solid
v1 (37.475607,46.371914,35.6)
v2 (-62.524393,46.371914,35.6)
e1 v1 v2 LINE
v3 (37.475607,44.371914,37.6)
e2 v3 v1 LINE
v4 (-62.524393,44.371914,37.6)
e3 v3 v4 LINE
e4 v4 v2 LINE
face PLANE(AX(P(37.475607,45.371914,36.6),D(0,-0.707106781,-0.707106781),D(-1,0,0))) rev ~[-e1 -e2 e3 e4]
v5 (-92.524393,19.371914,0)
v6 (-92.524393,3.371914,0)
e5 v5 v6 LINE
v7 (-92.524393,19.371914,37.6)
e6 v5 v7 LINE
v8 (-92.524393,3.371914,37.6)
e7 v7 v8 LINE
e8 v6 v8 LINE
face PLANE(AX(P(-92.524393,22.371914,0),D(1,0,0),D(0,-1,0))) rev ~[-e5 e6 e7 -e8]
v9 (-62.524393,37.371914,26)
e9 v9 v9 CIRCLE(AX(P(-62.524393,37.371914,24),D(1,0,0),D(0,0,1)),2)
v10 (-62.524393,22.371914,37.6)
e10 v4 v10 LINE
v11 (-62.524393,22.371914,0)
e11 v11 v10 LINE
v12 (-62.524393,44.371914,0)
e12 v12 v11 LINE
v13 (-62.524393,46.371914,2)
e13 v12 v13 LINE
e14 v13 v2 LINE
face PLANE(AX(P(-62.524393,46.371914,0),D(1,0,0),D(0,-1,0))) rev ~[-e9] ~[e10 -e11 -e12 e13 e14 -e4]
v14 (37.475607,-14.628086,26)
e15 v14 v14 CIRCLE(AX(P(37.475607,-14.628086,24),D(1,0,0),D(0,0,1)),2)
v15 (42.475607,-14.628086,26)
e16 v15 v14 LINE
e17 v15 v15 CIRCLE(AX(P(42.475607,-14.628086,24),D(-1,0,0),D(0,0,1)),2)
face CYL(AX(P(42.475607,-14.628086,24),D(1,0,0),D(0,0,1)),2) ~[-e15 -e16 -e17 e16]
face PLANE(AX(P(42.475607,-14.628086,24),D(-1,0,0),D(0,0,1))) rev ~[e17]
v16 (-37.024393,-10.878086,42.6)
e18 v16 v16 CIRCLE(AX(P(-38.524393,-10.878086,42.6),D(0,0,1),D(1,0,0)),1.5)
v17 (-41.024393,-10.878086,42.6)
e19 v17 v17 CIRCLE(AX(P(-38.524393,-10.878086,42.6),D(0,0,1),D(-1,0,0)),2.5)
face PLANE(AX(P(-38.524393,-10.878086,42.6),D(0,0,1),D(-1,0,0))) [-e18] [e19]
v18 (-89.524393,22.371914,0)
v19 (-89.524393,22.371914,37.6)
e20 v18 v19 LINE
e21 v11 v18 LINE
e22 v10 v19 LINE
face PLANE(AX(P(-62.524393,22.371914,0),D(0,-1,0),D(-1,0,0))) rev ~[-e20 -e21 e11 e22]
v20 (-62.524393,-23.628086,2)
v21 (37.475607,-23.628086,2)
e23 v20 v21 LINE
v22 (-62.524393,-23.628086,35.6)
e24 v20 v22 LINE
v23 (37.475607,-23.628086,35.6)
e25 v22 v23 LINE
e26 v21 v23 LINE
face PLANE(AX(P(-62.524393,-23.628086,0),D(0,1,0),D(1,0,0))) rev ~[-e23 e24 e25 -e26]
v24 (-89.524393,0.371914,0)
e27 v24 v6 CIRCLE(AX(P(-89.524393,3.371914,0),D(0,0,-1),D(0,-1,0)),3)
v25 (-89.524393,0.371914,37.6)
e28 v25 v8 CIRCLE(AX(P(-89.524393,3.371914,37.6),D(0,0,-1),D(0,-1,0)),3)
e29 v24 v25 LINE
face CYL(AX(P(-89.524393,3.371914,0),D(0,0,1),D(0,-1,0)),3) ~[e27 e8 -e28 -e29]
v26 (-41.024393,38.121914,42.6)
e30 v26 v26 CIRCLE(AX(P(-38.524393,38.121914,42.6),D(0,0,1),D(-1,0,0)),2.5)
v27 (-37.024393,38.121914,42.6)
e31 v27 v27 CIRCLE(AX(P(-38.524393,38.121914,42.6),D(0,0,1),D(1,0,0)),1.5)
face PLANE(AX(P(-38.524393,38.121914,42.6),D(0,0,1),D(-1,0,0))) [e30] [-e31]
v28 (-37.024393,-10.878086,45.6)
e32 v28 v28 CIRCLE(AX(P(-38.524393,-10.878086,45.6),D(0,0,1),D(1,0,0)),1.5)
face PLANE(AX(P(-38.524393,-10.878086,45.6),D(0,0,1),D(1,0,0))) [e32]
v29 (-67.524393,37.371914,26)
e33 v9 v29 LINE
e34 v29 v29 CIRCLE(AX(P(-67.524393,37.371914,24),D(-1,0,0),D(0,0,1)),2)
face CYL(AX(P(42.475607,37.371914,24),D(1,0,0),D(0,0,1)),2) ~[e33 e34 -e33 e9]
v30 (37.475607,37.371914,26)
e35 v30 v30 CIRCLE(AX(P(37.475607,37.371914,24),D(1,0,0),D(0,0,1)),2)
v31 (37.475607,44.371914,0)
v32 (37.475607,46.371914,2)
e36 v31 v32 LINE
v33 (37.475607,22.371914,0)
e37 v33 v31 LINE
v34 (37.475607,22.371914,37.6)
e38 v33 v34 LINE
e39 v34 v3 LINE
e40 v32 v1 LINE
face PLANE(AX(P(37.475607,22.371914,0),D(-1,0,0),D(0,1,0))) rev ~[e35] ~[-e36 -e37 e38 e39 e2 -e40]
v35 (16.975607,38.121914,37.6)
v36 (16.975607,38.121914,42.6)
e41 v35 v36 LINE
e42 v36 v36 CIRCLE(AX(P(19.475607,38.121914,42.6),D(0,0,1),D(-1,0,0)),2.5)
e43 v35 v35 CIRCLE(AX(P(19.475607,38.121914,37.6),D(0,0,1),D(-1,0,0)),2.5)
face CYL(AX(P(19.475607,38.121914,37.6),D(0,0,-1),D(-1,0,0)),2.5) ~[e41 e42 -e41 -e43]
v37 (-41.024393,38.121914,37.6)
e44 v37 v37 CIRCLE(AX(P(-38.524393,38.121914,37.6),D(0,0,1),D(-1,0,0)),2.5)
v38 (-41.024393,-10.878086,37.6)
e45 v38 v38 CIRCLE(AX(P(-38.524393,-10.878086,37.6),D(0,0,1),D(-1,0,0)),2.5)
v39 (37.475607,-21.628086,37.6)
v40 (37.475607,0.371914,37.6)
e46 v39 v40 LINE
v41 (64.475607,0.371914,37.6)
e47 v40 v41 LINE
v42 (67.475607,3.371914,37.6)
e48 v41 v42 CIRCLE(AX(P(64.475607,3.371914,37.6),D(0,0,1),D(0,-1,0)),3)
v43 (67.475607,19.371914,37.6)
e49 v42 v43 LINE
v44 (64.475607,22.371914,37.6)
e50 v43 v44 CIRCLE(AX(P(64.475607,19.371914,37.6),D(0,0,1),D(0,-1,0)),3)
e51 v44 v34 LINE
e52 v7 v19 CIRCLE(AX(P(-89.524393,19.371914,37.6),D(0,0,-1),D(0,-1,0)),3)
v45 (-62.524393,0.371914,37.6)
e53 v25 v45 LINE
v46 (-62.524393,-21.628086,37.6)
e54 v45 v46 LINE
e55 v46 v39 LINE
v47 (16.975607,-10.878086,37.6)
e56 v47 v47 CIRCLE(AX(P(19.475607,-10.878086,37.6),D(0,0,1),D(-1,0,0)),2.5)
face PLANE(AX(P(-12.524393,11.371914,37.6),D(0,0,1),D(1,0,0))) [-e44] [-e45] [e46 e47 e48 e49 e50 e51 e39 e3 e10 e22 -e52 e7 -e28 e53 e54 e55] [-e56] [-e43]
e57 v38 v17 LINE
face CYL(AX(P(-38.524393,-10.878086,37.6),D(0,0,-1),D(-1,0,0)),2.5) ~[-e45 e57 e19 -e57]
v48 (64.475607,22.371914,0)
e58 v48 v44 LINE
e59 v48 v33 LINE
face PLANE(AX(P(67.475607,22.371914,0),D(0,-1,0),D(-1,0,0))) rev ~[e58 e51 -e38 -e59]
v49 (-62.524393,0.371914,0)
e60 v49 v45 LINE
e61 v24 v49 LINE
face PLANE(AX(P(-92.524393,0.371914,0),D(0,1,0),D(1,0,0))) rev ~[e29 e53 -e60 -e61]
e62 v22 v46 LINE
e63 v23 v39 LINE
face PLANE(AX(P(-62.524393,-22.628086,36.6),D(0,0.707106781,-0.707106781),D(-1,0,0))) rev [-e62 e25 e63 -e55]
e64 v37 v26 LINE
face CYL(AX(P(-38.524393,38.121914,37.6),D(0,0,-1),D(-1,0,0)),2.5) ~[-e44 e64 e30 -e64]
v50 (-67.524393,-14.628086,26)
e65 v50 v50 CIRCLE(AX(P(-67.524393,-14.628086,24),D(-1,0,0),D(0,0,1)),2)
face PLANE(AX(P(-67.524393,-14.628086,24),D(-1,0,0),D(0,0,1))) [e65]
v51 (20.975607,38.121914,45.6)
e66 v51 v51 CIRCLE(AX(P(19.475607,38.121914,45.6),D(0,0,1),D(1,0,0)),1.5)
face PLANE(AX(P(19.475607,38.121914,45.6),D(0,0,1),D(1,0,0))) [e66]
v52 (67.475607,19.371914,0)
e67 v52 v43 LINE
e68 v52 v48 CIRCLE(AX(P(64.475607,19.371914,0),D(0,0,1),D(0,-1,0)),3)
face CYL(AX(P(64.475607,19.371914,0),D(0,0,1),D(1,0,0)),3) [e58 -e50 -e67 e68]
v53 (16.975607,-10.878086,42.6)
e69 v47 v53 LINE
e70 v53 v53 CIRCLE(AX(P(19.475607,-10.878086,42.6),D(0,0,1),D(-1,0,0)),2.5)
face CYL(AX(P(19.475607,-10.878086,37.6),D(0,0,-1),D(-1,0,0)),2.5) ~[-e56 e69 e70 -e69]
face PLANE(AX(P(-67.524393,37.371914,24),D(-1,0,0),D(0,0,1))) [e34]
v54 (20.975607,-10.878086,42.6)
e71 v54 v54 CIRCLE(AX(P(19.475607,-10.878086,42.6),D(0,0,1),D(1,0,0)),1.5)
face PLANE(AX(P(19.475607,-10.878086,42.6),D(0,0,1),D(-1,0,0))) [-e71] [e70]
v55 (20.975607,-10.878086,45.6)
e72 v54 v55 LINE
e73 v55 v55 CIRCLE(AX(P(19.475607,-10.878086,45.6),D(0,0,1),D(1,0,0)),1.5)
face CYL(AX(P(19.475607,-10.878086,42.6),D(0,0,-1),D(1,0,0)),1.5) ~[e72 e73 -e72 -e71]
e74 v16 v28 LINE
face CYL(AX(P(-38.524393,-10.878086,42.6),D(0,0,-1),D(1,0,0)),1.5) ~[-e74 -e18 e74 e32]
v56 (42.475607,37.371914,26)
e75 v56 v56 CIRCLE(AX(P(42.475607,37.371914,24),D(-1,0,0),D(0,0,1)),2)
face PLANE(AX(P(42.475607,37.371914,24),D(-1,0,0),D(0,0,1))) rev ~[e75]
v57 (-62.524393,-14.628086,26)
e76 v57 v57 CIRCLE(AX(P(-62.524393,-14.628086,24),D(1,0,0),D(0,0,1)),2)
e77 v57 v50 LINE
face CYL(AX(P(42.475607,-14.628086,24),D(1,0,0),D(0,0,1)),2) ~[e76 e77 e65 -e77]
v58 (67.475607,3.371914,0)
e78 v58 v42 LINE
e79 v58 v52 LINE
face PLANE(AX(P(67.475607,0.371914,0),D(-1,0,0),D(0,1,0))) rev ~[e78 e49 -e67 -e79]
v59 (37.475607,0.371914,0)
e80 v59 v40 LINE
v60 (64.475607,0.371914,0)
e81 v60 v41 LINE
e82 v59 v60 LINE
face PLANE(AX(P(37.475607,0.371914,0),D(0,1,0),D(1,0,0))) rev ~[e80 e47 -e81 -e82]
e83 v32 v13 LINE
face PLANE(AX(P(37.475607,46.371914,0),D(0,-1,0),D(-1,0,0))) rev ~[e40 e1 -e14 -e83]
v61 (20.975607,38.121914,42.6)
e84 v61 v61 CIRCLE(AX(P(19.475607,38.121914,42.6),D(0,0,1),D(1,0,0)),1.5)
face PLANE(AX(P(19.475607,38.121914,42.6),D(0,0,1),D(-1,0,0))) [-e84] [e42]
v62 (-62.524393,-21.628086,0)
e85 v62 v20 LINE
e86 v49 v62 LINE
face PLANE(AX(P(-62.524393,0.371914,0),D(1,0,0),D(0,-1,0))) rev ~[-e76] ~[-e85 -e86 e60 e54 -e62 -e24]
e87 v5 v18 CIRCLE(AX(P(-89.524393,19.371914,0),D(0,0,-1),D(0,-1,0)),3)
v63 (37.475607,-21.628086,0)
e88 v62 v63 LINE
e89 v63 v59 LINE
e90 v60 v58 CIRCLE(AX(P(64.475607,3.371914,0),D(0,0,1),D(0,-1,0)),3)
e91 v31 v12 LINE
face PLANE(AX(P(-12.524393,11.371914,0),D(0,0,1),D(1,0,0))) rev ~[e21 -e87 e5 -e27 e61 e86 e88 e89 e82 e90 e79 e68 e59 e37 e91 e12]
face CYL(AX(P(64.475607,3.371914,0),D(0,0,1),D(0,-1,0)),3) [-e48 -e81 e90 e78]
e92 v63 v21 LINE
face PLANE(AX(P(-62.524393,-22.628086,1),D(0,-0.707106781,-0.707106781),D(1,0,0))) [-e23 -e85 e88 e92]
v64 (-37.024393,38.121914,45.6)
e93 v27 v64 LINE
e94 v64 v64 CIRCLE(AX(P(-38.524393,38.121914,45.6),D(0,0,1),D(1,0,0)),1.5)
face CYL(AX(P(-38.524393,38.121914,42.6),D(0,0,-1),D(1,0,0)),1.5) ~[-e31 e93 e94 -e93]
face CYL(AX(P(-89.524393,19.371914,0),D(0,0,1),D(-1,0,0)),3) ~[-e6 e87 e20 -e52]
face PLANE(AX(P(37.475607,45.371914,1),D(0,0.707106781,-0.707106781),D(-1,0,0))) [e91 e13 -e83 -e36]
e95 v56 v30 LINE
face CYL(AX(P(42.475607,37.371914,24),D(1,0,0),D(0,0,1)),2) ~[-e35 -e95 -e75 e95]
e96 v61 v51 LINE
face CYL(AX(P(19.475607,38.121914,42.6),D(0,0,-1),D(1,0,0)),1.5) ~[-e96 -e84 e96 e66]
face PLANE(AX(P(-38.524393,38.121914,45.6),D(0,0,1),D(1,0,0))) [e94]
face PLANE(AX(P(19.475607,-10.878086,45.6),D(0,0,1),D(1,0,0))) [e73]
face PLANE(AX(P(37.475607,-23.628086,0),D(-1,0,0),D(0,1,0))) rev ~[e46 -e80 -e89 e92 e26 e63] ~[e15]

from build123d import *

# Parameters (mm, degrees)
SALIENTE_EXTRUIR1_DEPTH      = 37.6
SALIENTE_EXTRUIR2_DEPTH      = 5
SALIENTE_EXTRUIR2_DEPTH_BACK = 105
CROQUIS2_R                   = 2
REDONDEO1_R                  = 3
CHAFL_N1_SIZE                = 2
CHAFL_N2_SIZE                = 2
REDONDEO2_R                  = 3
CROQUIS3_R                   = 2.5
SALIENTE_EXTRUIR3_DEPTH      = 5
CROQUIS4_R                   = 1.5
SALIENTE_EXTRUIR4_DEPTH      = 3


with BuildPart() as part:
    # Croquis1 → Saliente-Extruir1 (new body)
    with BuildSketch(Plane.XY):
        Polygon((-62.524392651, 0.371914202), (-62.524392651, -23.628085798), (37.475607349, -23.628085798), (37.475607349, 0.371914202), (67.475607349, 0.371914202), (67.475607349, 22.371914202), (37.475607349, 22.371914202), (37.475607349, 46.371914202), (-62.524392651, 46.371914202), (-62.524392651, 22.371914202), (-92.524392651, 22.371914202), (-92.524392651, 0.371914202), align=None)
    extrude(amount=SALIENTE_EXTRUIR1_DEPTH)

    # Croquis2 → Saliente-Extruir2 (add, two sides: drawn at the far end of the back side and taken through both)
    with BuildSketch(Plane.ZY.offset(62.524392651).offset(-SALIENTE_EXTRUIR2_DEPTH_BACK)):
        with Locations((24, -14.628085798)):
            Circle(CROQUIS2_R)
        with Locations((24, 37.371914202)):
            Circle(CROQUIS2_R)
    extrude(amount=SALIENTE_EXTRUIR2_DEPTH + SALIENTE_EXTRUIR2_DEPTH_BACK)

    # Redondeo1
    redondeo1_edges = [part.edges().sort_by_distance(p)[0] for p in [
        (67.475607349, 22.371914202, 18.8),
        (67.475607349, 0.371914202, 18.8),
    ]]
    fillet(redondeo1_edges, radius=REDONDEO1_R)

    # Chaflán1
    chafl_n1_edges = [part.edges().sort_by_distance(p)[0] for p in [
        (-12.524392651, 46.371914202, 0),
        (-12.524392651, -23.628085798, 0),
    ]]
    chamfer(chafl_n1_edges, length=CHAFL_N1_SIZE)

    # Chaflán2
    chafl_n2_edges = [part.edges().sort_by_distance(p)[0] for p in [
        (-12.524392651, -23.628085798, 37.6),
        (-12.524392651, 46.371914202, 37.6),
    ]]
    chamfer(chafl_n2_edges, length=CHAFL_N2_SIZE)

    # Redondeo2
    redondeo2_edges = [part.edges().sort_by_distance(p)[0] for p in [
        (-92.524392651, 0.371914202, 18.8),
        (-92.524392651, 22.371914202, 18.8),
    ]]
    fillet(redondeo2_edges, radius=REDONDEO2_R)

    # Croquis3 → Saliente-Extruir3 (add)
    with BuildSketch(Plane.XY.offset(37.6)):
        with Locations(Location((-38.524392651, 38.121914202, 0), (0, 0, 180))):
            Circle(CROQUIS3_R)
        with Locations(Location((19.475607349, 38.121914202, 0), (0, 0, 180))):
            Circle(CROQUIS3_R)
        with Locations(Location((-38.524392651, -10.878085798, 0), (0, 0, 180))):
            Circle(CROQUIS3_R)
        with Locations(Location((19.475607349, -10.878085798, 0), (0, 0, 180))):
            Circle(CROQUIS3_R)
    extrude(amount=SALIENTE_EXTRUIR3_DEPTH)

    # Croquis4 → Saliente-Extruir4 (add)
    with BuildSketch(Plane.XY.offset(42.6)):
        with Locations((-38.524392651, 38.121914202)):
            Circle(CROQUIS4_R)
        with Locations((19.475607349, 38.121914202)):
            Circle(CROQUIS4_R)
        with Locations((-38.524392651, -10.878085798)):
            Circle(CROQUIS4_R)
        with Locations((19.475607349, -10.878085798)):
            Circle(CROQUIS4_R)
    extrude(amount=SALIENTE_EXTRUIR4_DEPTH)


solid = part.part
